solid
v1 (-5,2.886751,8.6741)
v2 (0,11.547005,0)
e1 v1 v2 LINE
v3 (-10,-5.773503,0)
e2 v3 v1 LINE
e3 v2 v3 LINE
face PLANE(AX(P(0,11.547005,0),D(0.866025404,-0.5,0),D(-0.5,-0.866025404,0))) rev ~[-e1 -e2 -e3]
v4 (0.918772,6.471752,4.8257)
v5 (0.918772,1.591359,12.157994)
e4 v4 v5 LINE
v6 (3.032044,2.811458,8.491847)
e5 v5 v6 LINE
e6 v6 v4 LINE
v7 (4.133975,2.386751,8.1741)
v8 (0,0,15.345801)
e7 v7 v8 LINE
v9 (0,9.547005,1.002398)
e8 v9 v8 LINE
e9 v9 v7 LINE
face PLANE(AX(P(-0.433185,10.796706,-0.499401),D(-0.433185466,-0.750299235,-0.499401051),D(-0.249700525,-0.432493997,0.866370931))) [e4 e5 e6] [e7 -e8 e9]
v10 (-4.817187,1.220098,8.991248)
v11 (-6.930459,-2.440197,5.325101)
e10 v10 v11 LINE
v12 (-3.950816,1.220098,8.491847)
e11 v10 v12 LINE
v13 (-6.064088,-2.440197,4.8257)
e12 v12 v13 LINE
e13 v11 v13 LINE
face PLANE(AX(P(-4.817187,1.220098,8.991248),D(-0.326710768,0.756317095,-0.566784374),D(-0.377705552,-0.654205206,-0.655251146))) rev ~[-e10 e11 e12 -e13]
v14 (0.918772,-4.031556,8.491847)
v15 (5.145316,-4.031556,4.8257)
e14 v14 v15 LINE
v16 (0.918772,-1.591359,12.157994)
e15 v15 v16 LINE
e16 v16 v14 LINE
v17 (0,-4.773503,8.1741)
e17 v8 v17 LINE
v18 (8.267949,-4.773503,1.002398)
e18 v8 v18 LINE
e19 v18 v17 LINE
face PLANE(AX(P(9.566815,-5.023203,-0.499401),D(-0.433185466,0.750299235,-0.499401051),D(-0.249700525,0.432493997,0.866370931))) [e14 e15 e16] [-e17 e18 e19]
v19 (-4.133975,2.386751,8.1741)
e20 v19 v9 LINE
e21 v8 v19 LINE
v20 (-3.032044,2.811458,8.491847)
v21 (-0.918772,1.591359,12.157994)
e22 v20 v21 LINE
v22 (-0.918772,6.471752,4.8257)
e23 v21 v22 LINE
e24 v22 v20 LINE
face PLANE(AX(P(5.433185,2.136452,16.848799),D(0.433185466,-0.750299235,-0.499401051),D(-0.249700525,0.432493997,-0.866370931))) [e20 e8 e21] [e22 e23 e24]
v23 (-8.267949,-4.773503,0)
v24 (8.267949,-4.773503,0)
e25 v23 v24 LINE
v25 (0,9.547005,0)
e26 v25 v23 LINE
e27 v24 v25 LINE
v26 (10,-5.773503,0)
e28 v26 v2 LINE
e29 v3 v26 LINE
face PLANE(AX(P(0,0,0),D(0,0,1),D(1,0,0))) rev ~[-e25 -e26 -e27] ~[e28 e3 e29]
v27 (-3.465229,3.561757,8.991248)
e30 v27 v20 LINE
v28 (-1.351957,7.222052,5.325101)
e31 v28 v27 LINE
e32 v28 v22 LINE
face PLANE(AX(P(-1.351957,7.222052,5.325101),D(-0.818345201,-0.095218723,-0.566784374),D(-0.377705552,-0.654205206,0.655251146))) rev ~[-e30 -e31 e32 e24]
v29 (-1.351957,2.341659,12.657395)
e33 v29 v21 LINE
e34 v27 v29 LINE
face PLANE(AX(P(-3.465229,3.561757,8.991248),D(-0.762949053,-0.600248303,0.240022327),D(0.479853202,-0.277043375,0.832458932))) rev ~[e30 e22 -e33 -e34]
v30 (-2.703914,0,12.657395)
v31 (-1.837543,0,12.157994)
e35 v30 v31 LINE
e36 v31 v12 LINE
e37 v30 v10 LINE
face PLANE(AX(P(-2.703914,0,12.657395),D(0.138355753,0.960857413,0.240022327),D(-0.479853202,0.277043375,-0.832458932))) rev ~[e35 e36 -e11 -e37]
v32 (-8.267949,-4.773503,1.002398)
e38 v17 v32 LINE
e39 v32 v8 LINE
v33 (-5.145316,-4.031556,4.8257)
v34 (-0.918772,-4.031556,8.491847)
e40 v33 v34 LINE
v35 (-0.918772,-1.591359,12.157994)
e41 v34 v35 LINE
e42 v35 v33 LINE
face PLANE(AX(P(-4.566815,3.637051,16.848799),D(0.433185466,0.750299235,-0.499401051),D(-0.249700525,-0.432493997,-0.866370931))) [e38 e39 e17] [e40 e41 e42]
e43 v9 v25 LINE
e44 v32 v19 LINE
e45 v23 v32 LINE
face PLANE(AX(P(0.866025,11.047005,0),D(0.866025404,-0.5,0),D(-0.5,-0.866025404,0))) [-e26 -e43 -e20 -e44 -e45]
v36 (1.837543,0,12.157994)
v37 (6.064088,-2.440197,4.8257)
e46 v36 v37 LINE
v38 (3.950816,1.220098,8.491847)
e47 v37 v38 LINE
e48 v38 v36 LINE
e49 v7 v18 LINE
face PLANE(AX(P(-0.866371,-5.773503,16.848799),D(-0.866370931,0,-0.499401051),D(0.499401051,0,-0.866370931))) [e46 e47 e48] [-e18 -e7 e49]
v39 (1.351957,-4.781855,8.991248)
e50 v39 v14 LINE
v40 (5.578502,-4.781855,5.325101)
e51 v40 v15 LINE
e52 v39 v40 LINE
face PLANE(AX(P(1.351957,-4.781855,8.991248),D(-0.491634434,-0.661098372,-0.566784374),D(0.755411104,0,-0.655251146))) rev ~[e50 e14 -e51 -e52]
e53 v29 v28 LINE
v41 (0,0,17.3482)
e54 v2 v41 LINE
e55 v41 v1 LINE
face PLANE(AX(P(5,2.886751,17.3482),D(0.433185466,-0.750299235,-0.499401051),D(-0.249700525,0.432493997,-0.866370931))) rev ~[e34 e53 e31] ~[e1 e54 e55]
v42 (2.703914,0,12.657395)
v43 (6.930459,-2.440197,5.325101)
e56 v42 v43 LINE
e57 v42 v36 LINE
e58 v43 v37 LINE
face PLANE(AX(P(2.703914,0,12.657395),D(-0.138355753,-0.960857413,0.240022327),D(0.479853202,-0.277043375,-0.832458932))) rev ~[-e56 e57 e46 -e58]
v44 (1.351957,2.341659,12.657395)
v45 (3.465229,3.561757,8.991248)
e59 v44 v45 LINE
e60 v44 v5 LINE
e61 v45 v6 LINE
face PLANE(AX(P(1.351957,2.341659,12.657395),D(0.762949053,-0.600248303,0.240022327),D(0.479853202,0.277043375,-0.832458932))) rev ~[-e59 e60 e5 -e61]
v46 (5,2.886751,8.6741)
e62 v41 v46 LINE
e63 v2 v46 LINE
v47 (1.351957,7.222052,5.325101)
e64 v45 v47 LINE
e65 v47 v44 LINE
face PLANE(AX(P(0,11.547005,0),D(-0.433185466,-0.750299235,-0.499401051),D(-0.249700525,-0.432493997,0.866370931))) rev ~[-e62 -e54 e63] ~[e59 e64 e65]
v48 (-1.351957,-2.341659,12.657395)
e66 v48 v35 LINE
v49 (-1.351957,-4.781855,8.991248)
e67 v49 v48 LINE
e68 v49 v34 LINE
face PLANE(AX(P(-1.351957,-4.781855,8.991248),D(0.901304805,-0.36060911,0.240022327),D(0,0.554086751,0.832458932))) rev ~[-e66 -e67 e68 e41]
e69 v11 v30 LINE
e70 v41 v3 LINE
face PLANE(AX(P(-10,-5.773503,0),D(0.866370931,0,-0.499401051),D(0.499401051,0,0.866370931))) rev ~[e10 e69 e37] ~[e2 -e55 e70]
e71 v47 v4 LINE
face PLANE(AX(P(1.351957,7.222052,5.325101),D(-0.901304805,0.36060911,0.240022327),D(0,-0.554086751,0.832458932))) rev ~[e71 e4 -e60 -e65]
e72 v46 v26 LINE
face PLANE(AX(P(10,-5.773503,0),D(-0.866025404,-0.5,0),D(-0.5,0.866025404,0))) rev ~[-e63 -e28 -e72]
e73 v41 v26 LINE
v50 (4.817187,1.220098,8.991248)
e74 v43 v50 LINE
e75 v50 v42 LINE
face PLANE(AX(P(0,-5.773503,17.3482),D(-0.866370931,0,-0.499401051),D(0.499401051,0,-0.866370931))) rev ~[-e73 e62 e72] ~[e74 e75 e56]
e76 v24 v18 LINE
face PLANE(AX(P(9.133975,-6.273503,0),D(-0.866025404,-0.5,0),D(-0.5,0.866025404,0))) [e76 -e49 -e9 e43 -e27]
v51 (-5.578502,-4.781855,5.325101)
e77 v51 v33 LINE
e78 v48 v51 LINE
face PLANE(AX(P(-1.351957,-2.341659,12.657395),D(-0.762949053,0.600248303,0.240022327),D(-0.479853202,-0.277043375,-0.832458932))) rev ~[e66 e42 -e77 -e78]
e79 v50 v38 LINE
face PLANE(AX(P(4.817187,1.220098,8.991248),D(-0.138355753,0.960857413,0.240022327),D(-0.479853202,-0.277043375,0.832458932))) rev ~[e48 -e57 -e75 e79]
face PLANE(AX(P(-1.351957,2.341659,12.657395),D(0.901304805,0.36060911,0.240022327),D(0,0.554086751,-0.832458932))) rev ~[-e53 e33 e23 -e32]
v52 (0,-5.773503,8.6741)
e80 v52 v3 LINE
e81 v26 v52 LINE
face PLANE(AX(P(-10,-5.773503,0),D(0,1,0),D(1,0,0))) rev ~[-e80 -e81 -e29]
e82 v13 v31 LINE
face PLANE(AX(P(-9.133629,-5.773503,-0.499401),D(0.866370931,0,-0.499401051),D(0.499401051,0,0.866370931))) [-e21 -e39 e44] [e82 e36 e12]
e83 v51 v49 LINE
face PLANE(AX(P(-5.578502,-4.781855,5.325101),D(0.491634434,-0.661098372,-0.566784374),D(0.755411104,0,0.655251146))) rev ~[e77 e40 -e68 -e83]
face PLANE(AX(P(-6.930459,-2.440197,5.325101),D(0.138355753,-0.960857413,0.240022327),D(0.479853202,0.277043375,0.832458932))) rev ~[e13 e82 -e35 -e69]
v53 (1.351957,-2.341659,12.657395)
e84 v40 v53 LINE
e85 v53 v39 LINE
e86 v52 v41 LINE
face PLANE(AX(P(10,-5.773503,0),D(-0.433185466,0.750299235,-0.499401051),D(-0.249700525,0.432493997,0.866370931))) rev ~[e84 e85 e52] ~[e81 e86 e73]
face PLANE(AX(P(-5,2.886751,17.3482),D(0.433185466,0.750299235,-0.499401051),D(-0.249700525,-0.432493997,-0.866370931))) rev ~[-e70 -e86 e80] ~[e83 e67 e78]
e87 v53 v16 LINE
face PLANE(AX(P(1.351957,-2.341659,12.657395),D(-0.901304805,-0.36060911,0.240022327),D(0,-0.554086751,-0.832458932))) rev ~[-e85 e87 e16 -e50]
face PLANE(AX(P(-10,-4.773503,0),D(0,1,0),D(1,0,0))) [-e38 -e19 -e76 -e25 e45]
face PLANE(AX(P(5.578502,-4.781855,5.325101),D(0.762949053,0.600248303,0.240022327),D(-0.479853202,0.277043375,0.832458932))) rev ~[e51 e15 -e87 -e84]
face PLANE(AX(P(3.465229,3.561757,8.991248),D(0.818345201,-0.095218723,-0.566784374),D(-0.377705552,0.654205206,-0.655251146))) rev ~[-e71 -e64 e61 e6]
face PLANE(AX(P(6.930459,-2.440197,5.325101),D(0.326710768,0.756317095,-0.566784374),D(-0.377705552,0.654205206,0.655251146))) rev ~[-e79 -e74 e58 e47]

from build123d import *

# Parameters (mm, degrees)
F1_DEPTH  = 17.3482
F3_DEPTH  = 17.3215080757
F5_DEPTH  = 17.3215080757
F7_DEPTH  = 17.3215080757
F8_T      = -1
F10_DEPTH = 1
F12_DEPTH = 1
F14_DEPTH = 1
F16_DEPTH = 1
F18_DEPTH = 1
F20_DEPTH = 1


with BuildPart() as f1:
    # F0 (on Top) → F1 (new body)
    with BuildSketch(Plane.XY):
        Polygon((0, 11.5470053838), (-10, -5.7735026919), (10, -5.7735026919), align=None)
    extrude(amount=F1_DEPTH)

    # F2 (on face) → F3 (cut, through all)
    with BuildSketch(Plane(origin=(-5, 2.8867513459, 0), x_dir=(-0.5, -0.8660254038, 0), z_dir=(-0.8660254038, 0.5, 0))):
        Polygon((-10, 17.3482), (-10, 0), (0, 17.3482), align=None)
        Polygon((10, 17.3482), (0, 17.3482), (10, 0), align=None)
    extrude(amount=-F3_DEPTH, mode=Mode.SUBTRACT)

    # F4 (on face) → F5 (cut, through all)
    with BuildSketch(Plane.XZ.offset(5.7735026919)):
        Polygon((-10, 17.3482), (-10, 0), (0, 17.3482), align=None)
        Polygon((10, 17.3482), (0, 17.3482), (10, 0), align=None)
    extrude(amount=-F5_DEPTH, mode=Mode.SUBTRACT)

    # F6 (on face) → F7 (cut, through all)
    with BuildSketch(Plane(origin=(5, 2.8867513459, 0), x_dir=(-0.5, 0.8660254038, 0), z_dir=(0.8660254038, 0.5, 0))):
        Polygon((-10, 17.3482), (-10, 0), (0, 17.3482), align=None)
        Polygon((10, 17.3482), (0, 17.3482), (10, 0), align=None)
    extrude(amount=-F7_DEPTH, mode=Mode.SUBTRACT)

    # F8
    f8_openings = [f1.faces().sort_by_distance(p)[0] for p in [
        (0, 0, 0),
    ]]
    offset(amount=F8_T, openings=f8_openings)

    # F9 (on face) → F10 (cut, through all)
    with BuildSketch(Plane(origin=(7.5059859034, 0, 4.326665535), x_dir=(0, 1, 0), z_dir=(0.8663709312, 0, 0.4994010509))):
        Polygon((-2.4401965598, 1.1524346291), (1.2200982799, 5.3840480932), (0, 9.6156615572), align=None)
    extrude(amount=-F10_DEPTH, mode=Mode.SUBTRACT)

    # F11 (on face) → F12 (cut, through all)
    with BuildSketch(Plane(origin=(3.7529929517, -6.5003744728, 4.326665535), x_dir=(0.9013048055, 0.3606091099, -0.240022327), z_dir=(0.4331854656, -0.7502992355, 0.4994010509))):
        Polygon((-2.6639553332, 9.2392796887), (-2.6639553332, 4.835282377), (2.0254065744, 1.7833656477), align=None)
    extrude(amount=-F12_DEPTH, mode=Mode.SUBTRACT)

    # F13 (on face) → F14 (cut, through all)
    with BuildSketch(Plane(origin=(-3.7529929517, -6.5003744728, 4.326665535), x_dir=(0.9013048055, -0.3606091099, 0.240022327), z_dir=(-0.4331854656, -0.7502992355, 0.4994010509))):
        Polygon((2.6639553332, 9.2392796887), (-2.0254065744, 1.7833656477), (2.6639553332, 4.835282377), align=None)
    extrude(amount=-F14_DEPTH, mode=Mode.SUBTRACT)

    # F15 (on face) → F16 (cut, through all)
    with BuildSketch(Plane(origin=(-7.5059859034, 0, 4.326665535), x_dir=(0, -1, 0), z_dir=(-0.8663709312, 0, 0.4994010509))):
        Polygon((-1.2200982799, 5.3840480932), (2.4401965598, 1.1524346291), (0, 9.6156615572), align=None)
    extrude(amount=-F16_DEPTH, mode=Mode.SUBTRACT)

    # F17 (on face) → F18 (cut, through all)
    with BuildSketch(Plane(origin=(3.7529929517, 6.5003744728, 4.326665535), x_dir=(-0.9013048055, 0.3606091099, 0.240022327), z_dir=(0.4331854656, 0.7502992355, 0.4994010509))):
        Polygon((2.6639553332, 9.2392796887), (0.3192743794, 5.5113226682), (2.6639553332, 0.4312850652), align=None)
    extrude(amount=-F18_DEPTH, mode=Mode.SUBTRACT)

    # F19 (on face) → F20 (cut, through all)
    with BuildSketch(Plane(origin=(-3.7529929517, 6.5003744728, 4.326665535), x_dir=(-0.9013048055, -0.3606091099, -0.240022327), z_dir=(-0.4331854656, 0.7502992355, 0.4994010509))):
        Polygon((-2.6639553332, 9.2392796887), (-2.6639553332, 0.4312850652), (-0.3192743794, 5.5113226682), align=None)
    extrude(amount=-F20_DEPTH, mode=Mode.SUBTRACT)


solid = f1.part
